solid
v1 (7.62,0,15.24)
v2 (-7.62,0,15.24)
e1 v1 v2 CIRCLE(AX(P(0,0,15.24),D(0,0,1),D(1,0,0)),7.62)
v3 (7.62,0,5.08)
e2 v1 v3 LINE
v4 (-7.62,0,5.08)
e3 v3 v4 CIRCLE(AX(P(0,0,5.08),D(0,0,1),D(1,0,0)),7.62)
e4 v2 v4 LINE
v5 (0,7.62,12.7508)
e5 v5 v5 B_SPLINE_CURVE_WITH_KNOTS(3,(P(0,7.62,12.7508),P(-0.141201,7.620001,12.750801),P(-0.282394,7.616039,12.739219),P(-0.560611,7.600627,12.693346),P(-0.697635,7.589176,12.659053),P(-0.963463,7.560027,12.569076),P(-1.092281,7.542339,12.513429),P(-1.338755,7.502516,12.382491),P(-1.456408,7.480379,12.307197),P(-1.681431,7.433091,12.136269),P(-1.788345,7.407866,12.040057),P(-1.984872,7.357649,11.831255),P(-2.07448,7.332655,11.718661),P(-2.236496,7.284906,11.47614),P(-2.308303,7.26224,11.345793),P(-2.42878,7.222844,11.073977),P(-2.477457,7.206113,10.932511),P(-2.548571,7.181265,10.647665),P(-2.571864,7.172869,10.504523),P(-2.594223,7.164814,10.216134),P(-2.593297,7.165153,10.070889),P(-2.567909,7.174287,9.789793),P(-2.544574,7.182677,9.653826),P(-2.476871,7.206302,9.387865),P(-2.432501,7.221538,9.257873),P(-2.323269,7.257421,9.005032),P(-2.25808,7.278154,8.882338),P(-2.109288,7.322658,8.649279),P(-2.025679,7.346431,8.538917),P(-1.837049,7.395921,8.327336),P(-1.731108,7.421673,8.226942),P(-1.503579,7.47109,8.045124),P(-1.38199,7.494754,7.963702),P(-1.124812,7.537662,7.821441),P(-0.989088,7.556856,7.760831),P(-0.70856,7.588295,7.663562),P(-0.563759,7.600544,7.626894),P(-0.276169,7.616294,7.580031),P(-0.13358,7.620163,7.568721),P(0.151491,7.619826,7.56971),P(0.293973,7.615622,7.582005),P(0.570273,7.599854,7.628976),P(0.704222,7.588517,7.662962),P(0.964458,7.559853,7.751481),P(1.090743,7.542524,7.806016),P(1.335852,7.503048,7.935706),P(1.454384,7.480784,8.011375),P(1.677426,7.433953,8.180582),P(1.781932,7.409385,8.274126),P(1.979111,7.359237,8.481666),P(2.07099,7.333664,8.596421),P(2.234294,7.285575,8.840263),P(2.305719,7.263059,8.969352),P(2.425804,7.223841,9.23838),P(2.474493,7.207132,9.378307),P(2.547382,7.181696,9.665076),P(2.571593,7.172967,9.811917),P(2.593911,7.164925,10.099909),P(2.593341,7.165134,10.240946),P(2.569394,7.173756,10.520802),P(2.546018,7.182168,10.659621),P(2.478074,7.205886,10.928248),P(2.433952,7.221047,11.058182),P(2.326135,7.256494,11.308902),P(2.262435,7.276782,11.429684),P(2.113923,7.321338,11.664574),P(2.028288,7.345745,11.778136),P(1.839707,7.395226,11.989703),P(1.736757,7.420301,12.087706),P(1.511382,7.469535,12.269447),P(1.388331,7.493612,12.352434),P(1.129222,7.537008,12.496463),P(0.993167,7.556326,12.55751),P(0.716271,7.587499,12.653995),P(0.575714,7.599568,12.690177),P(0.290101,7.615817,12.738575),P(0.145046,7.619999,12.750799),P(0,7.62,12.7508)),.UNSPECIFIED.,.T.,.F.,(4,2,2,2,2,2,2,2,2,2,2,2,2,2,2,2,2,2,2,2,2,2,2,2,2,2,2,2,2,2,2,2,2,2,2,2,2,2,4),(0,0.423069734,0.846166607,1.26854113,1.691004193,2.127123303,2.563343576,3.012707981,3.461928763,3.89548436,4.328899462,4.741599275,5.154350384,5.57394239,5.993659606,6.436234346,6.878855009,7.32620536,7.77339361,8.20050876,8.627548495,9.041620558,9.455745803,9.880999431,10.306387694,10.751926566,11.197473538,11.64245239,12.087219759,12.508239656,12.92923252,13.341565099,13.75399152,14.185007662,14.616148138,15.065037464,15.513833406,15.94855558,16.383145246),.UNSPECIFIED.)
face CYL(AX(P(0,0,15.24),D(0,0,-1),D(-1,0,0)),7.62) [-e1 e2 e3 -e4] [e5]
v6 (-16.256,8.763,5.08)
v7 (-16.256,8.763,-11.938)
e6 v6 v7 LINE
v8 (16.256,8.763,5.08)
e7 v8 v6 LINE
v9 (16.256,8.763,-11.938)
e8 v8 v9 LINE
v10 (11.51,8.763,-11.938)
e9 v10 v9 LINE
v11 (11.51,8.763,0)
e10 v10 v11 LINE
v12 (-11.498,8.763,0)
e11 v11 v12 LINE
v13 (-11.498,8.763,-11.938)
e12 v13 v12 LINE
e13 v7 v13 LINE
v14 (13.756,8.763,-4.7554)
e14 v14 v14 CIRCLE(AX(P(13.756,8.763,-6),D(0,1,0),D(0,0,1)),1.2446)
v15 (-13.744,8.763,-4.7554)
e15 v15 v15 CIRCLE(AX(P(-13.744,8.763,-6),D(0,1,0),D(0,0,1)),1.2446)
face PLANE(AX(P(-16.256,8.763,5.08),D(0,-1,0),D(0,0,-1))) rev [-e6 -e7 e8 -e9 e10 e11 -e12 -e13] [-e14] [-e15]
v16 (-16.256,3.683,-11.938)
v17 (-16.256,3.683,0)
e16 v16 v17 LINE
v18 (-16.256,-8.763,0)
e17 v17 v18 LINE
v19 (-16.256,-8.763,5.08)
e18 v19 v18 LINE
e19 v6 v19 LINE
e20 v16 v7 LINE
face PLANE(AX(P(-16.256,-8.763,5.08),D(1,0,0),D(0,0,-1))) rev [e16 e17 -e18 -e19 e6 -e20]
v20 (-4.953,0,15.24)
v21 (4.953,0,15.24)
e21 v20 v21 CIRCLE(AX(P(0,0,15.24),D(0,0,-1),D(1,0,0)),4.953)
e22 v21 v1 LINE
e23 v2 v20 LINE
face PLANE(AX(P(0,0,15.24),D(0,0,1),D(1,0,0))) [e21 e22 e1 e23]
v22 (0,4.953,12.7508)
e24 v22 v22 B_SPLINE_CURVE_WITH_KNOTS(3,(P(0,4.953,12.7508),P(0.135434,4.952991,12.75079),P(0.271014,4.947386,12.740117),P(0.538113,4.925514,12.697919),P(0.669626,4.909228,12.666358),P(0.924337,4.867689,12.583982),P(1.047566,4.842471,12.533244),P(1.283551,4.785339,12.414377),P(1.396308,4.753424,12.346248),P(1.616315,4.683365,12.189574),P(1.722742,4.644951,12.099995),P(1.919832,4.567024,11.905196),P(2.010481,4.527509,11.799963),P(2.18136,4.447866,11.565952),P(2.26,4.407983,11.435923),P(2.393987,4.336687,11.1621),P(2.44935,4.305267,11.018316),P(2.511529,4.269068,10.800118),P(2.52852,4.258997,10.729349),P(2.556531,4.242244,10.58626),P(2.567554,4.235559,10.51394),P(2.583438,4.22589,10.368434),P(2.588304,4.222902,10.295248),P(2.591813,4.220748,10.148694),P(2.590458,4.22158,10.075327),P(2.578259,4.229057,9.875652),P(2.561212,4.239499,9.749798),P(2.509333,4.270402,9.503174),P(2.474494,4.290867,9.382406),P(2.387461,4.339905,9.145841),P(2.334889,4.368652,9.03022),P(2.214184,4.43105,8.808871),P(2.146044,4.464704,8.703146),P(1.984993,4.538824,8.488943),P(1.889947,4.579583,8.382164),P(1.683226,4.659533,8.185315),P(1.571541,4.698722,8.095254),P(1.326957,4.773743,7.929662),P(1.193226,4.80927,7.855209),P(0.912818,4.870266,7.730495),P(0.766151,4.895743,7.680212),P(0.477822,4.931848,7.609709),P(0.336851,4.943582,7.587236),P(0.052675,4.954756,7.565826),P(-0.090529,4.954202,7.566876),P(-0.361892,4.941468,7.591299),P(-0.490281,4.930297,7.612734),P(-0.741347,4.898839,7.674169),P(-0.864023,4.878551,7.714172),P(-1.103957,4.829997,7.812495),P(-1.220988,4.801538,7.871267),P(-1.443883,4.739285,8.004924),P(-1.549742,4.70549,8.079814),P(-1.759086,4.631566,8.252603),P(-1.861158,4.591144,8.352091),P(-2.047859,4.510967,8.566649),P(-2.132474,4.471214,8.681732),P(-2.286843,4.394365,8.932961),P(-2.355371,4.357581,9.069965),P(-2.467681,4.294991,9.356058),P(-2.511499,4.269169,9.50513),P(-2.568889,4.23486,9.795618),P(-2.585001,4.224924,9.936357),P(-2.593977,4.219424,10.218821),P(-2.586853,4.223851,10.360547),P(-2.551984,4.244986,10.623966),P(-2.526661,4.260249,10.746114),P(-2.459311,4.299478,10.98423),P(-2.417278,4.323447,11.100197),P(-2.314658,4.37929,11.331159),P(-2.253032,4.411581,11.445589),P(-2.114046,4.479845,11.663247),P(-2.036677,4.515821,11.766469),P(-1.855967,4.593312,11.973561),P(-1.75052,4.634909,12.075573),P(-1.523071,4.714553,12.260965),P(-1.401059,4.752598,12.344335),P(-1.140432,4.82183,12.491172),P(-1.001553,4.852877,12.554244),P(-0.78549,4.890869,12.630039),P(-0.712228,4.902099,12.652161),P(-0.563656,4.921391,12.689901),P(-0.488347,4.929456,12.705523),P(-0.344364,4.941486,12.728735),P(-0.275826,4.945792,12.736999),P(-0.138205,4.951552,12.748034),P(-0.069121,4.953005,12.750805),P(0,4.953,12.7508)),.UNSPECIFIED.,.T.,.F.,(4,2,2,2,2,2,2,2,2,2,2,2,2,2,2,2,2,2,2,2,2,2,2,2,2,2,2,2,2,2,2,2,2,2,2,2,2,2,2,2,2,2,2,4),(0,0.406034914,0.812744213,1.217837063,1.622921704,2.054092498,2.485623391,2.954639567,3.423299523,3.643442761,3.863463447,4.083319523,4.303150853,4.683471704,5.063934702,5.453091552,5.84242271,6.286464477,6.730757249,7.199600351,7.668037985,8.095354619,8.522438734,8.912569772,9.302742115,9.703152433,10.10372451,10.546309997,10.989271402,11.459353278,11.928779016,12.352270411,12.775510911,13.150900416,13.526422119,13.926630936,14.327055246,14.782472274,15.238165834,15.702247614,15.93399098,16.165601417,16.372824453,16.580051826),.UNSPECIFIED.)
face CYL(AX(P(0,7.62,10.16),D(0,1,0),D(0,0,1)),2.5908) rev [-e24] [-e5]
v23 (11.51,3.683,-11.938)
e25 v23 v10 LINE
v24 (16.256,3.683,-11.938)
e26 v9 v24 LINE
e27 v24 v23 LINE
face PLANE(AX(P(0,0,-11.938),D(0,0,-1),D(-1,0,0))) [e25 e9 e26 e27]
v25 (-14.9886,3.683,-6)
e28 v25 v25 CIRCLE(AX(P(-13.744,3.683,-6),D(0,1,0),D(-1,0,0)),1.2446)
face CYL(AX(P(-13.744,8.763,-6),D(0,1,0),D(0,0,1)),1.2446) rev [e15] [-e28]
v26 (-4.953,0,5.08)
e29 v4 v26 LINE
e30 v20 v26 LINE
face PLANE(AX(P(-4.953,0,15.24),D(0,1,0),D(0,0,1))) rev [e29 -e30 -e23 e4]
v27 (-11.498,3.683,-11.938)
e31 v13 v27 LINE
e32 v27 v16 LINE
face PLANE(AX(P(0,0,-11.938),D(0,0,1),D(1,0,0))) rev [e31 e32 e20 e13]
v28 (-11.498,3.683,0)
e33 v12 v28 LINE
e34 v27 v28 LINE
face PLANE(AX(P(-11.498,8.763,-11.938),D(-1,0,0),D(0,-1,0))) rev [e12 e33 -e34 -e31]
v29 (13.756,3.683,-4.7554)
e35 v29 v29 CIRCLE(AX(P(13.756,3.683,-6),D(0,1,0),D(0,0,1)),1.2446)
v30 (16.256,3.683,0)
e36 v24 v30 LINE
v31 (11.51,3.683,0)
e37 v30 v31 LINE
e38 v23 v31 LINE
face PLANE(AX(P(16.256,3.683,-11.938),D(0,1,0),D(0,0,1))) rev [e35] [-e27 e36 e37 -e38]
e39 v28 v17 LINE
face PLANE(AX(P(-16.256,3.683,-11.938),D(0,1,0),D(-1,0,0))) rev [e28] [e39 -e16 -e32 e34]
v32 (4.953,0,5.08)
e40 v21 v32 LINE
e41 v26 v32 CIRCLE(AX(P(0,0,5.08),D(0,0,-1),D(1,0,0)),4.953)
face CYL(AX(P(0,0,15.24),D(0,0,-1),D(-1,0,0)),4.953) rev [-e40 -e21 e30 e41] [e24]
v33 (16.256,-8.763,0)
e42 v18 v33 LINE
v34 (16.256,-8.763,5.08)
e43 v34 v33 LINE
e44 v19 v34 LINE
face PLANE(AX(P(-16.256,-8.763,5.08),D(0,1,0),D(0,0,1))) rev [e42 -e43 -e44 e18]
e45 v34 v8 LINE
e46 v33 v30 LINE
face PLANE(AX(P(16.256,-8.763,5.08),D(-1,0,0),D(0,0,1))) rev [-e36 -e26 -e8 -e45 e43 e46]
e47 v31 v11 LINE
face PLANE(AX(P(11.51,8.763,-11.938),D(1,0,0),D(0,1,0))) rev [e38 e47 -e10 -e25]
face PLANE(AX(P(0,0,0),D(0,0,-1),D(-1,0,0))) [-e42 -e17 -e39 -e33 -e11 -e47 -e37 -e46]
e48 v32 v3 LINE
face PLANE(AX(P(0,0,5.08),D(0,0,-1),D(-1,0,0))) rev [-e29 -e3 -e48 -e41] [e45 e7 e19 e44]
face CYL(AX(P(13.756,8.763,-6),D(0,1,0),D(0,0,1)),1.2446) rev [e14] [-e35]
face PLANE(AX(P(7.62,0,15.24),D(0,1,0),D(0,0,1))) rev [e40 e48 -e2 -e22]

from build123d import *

# Parameters (mm, degrees)
SKETCH1_W                   = 32.512
SKETCH1_H                   = 17.526
BOSS_EXTRUDE1_DEPTH         = 5.08
SKETCH2_W                   = 4.758
SKETCH2_H                   = 5.08
SKETCH2_W_2                 = 4.746
BOSS_EXTRUDE2_DEPTH         = 11.938
F_40_0_098_DIAMETER_HOLE1_D = 2.4892
BOSS_EXTRUDE3_DEPTH         = 10.16
F_6_0_204_DIAMETER_HOLE2_D  = 5.1816


with BuildPart() as part:
    # Sketch1 → Boss-Extrude1 (new body)
    with BuildSketch(Plane.XY):
        Rectangle(SKETCH1_W, SKETCH1_H)
    extrude(amount=BOSS_EXTRUDE1_DEPTH)

    # Sketch2 → Boss-Extrude2 (add)
    with BuildSketch(Plane(origin=(0, 0, 0), x_dir=(-1, 0, 0), z_dir=(0, 0, -1))):
        with Locations((13.877, 6.223)):
            Rectangle(SKETCH2_W, SKETCH2_H)
        with Locations((-13.883, 6.223)):
            Rectangle(SKETCH2_W_2, SKETCH2_H)
    extrude(amount=BOSS_EXTRUDE2_DEPTH)

    # #40 (0.098) Diameter Hole1 (through all)
    with Locations(Plane(origin=(0, 8.763, 0), x_dir=(1, 0, 0), z_dir=(0, 1, 0))):
        with Locations((-13.744, 6), (13.756, 6)):
            Hole(F_40_0_098_DIAMETER_HOLE1_D / 2)

    # Sketch5 → Boss-Extrude3 (add)
    with BuildSketch(Plane.XY.offset(5.08)):
        with BuildLine():
            Line((7.62, 0), (4.953, 0))
            ThreePointArc((4.953, 0), (0, 4.953), (-4.953, 0))
            Line((-4.953, 0), (-7.62, 0))
            ThreePointArc((-7.62, 0), (0, 7.62), (7.62, 0))
        make_face()
    extrude(amount=BOSS_EXTRUDE3_DEPTH)

    # #6 (0.204) Diameter Hole2 (through all)
    with Locations(Plane(origin=(0, 7.62, 0), x_dir=(1, 0, 0), z_dir=(0, 1, 0))):
        with Locations((0, -10.16)):
            Hole(F_6_0_204_DIAMETER_HOLE2_D / 2)


solid = part.part
